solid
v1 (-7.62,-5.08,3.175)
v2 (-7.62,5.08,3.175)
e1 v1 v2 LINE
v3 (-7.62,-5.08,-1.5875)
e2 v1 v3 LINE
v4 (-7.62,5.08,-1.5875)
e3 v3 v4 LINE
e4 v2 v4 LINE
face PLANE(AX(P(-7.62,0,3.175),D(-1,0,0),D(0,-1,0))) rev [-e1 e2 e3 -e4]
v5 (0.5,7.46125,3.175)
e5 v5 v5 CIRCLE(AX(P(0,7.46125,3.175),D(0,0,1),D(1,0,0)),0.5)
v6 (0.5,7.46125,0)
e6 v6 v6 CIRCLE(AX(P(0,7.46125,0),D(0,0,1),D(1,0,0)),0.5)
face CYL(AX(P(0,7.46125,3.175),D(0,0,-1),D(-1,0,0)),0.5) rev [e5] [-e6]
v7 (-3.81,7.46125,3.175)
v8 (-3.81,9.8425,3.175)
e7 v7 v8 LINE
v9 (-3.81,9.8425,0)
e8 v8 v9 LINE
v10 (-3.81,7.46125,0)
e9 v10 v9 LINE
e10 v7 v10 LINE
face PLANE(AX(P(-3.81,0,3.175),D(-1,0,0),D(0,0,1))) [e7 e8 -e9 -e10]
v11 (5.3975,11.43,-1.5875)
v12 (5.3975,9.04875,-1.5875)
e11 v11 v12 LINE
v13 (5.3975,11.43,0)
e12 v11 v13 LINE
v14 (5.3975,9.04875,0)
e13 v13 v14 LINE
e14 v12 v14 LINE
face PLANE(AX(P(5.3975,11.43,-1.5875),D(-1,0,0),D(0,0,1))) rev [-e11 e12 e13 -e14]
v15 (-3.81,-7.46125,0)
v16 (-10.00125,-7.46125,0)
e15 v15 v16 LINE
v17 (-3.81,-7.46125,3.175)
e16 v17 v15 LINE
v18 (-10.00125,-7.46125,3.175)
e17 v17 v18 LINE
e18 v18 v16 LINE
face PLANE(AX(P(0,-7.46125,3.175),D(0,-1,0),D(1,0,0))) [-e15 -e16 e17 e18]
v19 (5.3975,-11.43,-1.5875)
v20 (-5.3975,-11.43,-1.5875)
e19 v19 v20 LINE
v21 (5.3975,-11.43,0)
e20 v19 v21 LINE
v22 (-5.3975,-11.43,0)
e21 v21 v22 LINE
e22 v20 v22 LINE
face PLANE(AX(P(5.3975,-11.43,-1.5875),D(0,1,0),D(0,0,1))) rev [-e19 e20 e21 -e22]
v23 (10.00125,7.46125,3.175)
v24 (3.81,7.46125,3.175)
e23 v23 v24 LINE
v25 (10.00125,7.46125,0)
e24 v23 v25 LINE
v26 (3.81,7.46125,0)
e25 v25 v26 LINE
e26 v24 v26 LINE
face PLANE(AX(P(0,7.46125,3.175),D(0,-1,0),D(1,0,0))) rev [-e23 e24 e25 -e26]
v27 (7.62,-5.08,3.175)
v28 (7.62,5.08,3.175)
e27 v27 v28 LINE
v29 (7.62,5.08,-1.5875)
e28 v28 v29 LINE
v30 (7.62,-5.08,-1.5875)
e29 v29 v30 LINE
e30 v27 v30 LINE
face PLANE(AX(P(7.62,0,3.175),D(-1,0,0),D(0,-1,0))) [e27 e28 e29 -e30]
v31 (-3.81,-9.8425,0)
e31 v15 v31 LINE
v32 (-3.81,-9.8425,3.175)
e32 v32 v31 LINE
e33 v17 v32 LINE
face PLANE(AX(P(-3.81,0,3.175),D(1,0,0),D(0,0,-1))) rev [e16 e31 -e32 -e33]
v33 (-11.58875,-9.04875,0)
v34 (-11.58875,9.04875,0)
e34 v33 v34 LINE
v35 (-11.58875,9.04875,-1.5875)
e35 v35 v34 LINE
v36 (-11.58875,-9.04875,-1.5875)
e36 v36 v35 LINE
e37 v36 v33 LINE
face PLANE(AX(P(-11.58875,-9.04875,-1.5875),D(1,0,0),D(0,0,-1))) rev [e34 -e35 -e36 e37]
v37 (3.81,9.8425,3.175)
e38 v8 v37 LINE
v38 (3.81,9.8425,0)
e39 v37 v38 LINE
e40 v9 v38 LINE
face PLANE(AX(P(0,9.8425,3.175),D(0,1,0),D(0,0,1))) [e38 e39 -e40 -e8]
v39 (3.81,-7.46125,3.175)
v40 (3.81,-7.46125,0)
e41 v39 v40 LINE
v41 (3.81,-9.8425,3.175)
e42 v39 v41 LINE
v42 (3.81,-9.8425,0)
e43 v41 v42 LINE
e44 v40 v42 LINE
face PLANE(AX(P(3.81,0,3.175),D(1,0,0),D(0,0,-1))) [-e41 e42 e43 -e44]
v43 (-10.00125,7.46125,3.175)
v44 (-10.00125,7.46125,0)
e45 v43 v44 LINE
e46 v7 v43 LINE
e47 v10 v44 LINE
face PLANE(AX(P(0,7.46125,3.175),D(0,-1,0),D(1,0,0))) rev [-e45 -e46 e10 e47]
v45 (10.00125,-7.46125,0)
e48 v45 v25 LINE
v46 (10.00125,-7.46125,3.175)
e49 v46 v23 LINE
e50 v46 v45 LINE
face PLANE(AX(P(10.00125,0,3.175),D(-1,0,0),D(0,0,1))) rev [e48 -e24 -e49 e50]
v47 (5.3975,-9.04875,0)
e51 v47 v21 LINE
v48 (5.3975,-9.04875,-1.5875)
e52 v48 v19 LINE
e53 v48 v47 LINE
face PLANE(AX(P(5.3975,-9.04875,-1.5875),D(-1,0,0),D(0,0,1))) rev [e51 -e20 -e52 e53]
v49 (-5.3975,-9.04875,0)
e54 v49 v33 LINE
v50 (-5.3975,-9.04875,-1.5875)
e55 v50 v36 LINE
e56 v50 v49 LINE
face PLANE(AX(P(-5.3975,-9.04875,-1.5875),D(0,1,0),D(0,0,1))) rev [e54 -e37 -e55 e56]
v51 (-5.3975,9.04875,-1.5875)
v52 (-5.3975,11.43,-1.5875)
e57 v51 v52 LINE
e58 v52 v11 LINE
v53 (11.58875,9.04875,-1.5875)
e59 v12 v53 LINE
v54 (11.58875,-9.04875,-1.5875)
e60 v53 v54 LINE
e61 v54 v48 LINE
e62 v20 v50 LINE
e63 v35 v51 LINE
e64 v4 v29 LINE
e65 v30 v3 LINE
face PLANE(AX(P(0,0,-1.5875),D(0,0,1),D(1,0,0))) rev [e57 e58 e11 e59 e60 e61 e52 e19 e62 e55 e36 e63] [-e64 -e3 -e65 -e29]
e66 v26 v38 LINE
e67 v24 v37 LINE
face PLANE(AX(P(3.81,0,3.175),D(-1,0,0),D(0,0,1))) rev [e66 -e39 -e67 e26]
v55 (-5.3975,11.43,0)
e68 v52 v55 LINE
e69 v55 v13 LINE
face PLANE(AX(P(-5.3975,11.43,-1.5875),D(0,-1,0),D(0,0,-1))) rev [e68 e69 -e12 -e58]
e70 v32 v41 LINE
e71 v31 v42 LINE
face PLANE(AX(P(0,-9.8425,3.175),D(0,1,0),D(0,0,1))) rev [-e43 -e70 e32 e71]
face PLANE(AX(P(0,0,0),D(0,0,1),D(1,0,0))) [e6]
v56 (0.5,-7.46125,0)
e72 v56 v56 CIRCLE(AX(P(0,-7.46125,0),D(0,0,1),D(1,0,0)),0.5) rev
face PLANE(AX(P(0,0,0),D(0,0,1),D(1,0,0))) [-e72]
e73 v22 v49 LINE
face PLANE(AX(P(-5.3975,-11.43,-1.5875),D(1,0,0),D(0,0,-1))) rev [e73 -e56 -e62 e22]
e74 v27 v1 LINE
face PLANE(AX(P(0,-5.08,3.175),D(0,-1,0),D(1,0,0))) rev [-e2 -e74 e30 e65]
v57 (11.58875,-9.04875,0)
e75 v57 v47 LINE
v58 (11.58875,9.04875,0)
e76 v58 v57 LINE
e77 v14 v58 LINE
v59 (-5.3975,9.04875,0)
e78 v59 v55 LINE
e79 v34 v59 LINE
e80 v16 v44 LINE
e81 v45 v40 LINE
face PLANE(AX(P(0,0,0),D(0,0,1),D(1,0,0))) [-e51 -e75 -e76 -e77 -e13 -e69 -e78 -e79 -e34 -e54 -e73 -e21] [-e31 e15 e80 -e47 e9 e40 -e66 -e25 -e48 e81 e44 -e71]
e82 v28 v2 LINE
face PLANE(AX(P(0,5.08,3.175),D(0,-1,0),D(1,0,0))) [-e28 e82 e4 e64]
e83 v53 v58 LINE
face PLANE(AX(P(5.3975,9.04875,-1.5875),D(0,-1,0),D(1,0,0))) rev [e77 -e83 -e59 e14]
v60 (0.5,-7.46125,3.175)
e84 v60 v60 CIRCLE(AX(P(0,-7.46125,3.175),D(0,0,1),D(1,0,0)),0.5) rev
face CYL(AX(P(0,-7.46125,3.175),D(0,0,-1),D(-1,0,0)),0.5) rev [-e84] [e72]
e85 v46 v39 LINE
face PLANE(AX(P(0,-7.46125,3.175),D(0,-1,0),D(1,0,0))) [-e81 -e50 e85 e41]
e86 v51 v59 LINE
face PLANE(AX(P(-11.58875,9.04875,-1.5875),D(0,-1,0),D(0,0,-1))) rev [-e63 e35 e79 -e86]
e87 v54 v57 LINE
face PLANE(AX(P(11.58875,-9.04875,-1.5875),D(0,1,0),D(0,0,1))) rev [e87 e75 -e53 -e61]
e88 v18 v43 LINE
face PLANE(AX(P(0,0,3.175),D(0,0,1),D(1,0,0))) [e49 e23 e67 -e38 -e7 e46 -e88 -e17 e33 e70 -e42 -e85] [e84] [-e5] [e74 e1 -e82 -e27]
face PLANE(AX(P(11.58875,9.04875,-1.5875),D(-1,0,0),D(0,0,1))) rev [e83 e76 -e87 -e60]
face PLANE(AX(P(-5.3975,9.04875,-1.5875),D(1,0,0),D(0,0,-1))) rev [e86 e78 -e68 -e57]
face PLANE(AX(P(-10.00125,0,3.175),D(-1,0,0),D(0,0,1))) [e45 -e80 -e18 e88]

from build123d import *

# Parameters (mm, degrees)
SKETCH1_R           = 0.5
SKETCH1_W           = 15.24
SKETCH1_H           = 10.16
BOSS_EXTRUDE1_DEPTH = 3.175
SKETCH2_W           = 15.24
SKETCH2_H           = 10.16
BOSS_EXTRUDE2_DEPTH = 1.5875


with BuildPart() as part:
    # Sketch1 → Boss-Extrude1 (new body)
    with BuildSketch(Plane.XY):
        Polygon((3.81, -7.46125), (10.00125, -7.46125), (10.00125, 7.46125), (3.81, 7.46125), (3.81, 9.8425), (-3.81, 9.8425), (-3.81, 7.46125), (-10.00125, 7.46125), (-10.00125, -7.46125), (-3.81, -7.46125), (-3.81, -9.8425), (3.81, -9.8425), align=None)
        with Locations((0, 7.46125)):
            Circle(SKETCH1_R, mode=Mode.SUBTRACT)
        with Locations((0, -7.46125)):
            Circle(SKETCH1_R, mode=Mode.SUBTRACT)
        Rectangle(SKETCH1_W, SKETCH1_H, mode=Mode.SUBTRACT)
    extrude(amount=BOSS_EXTRUDE1_DEPTH)

    # Sketch2 → Boss-Extrude2 (add)
    with BuildSketch(Plane(origin=(0, 0, 0), x_dir=(-1, 0, 0), z_dir=(0, 0, -1))):
        Polygon((5.3975, -9.04875), (11.58875, -9.04875), (11.58875, 9.04875), (5.3975, 9.04875), (5.3975, 11.43), (-5.3975, 11.43), (-5.3975, 9.04875), (-11.58875, 9.04875), (-11.58875, -9.04875), (-5.3975, -9.04875), (-5.3975, -11.43), (5.3975, -11.43), align=None)
        Rectangle(SKETCH2_W, SKETCH2_H, mode=Mode.SUBTRACT)
    extrude(amount=BOSS_EXTRUDE2_DEPTH)


solid = part.part
